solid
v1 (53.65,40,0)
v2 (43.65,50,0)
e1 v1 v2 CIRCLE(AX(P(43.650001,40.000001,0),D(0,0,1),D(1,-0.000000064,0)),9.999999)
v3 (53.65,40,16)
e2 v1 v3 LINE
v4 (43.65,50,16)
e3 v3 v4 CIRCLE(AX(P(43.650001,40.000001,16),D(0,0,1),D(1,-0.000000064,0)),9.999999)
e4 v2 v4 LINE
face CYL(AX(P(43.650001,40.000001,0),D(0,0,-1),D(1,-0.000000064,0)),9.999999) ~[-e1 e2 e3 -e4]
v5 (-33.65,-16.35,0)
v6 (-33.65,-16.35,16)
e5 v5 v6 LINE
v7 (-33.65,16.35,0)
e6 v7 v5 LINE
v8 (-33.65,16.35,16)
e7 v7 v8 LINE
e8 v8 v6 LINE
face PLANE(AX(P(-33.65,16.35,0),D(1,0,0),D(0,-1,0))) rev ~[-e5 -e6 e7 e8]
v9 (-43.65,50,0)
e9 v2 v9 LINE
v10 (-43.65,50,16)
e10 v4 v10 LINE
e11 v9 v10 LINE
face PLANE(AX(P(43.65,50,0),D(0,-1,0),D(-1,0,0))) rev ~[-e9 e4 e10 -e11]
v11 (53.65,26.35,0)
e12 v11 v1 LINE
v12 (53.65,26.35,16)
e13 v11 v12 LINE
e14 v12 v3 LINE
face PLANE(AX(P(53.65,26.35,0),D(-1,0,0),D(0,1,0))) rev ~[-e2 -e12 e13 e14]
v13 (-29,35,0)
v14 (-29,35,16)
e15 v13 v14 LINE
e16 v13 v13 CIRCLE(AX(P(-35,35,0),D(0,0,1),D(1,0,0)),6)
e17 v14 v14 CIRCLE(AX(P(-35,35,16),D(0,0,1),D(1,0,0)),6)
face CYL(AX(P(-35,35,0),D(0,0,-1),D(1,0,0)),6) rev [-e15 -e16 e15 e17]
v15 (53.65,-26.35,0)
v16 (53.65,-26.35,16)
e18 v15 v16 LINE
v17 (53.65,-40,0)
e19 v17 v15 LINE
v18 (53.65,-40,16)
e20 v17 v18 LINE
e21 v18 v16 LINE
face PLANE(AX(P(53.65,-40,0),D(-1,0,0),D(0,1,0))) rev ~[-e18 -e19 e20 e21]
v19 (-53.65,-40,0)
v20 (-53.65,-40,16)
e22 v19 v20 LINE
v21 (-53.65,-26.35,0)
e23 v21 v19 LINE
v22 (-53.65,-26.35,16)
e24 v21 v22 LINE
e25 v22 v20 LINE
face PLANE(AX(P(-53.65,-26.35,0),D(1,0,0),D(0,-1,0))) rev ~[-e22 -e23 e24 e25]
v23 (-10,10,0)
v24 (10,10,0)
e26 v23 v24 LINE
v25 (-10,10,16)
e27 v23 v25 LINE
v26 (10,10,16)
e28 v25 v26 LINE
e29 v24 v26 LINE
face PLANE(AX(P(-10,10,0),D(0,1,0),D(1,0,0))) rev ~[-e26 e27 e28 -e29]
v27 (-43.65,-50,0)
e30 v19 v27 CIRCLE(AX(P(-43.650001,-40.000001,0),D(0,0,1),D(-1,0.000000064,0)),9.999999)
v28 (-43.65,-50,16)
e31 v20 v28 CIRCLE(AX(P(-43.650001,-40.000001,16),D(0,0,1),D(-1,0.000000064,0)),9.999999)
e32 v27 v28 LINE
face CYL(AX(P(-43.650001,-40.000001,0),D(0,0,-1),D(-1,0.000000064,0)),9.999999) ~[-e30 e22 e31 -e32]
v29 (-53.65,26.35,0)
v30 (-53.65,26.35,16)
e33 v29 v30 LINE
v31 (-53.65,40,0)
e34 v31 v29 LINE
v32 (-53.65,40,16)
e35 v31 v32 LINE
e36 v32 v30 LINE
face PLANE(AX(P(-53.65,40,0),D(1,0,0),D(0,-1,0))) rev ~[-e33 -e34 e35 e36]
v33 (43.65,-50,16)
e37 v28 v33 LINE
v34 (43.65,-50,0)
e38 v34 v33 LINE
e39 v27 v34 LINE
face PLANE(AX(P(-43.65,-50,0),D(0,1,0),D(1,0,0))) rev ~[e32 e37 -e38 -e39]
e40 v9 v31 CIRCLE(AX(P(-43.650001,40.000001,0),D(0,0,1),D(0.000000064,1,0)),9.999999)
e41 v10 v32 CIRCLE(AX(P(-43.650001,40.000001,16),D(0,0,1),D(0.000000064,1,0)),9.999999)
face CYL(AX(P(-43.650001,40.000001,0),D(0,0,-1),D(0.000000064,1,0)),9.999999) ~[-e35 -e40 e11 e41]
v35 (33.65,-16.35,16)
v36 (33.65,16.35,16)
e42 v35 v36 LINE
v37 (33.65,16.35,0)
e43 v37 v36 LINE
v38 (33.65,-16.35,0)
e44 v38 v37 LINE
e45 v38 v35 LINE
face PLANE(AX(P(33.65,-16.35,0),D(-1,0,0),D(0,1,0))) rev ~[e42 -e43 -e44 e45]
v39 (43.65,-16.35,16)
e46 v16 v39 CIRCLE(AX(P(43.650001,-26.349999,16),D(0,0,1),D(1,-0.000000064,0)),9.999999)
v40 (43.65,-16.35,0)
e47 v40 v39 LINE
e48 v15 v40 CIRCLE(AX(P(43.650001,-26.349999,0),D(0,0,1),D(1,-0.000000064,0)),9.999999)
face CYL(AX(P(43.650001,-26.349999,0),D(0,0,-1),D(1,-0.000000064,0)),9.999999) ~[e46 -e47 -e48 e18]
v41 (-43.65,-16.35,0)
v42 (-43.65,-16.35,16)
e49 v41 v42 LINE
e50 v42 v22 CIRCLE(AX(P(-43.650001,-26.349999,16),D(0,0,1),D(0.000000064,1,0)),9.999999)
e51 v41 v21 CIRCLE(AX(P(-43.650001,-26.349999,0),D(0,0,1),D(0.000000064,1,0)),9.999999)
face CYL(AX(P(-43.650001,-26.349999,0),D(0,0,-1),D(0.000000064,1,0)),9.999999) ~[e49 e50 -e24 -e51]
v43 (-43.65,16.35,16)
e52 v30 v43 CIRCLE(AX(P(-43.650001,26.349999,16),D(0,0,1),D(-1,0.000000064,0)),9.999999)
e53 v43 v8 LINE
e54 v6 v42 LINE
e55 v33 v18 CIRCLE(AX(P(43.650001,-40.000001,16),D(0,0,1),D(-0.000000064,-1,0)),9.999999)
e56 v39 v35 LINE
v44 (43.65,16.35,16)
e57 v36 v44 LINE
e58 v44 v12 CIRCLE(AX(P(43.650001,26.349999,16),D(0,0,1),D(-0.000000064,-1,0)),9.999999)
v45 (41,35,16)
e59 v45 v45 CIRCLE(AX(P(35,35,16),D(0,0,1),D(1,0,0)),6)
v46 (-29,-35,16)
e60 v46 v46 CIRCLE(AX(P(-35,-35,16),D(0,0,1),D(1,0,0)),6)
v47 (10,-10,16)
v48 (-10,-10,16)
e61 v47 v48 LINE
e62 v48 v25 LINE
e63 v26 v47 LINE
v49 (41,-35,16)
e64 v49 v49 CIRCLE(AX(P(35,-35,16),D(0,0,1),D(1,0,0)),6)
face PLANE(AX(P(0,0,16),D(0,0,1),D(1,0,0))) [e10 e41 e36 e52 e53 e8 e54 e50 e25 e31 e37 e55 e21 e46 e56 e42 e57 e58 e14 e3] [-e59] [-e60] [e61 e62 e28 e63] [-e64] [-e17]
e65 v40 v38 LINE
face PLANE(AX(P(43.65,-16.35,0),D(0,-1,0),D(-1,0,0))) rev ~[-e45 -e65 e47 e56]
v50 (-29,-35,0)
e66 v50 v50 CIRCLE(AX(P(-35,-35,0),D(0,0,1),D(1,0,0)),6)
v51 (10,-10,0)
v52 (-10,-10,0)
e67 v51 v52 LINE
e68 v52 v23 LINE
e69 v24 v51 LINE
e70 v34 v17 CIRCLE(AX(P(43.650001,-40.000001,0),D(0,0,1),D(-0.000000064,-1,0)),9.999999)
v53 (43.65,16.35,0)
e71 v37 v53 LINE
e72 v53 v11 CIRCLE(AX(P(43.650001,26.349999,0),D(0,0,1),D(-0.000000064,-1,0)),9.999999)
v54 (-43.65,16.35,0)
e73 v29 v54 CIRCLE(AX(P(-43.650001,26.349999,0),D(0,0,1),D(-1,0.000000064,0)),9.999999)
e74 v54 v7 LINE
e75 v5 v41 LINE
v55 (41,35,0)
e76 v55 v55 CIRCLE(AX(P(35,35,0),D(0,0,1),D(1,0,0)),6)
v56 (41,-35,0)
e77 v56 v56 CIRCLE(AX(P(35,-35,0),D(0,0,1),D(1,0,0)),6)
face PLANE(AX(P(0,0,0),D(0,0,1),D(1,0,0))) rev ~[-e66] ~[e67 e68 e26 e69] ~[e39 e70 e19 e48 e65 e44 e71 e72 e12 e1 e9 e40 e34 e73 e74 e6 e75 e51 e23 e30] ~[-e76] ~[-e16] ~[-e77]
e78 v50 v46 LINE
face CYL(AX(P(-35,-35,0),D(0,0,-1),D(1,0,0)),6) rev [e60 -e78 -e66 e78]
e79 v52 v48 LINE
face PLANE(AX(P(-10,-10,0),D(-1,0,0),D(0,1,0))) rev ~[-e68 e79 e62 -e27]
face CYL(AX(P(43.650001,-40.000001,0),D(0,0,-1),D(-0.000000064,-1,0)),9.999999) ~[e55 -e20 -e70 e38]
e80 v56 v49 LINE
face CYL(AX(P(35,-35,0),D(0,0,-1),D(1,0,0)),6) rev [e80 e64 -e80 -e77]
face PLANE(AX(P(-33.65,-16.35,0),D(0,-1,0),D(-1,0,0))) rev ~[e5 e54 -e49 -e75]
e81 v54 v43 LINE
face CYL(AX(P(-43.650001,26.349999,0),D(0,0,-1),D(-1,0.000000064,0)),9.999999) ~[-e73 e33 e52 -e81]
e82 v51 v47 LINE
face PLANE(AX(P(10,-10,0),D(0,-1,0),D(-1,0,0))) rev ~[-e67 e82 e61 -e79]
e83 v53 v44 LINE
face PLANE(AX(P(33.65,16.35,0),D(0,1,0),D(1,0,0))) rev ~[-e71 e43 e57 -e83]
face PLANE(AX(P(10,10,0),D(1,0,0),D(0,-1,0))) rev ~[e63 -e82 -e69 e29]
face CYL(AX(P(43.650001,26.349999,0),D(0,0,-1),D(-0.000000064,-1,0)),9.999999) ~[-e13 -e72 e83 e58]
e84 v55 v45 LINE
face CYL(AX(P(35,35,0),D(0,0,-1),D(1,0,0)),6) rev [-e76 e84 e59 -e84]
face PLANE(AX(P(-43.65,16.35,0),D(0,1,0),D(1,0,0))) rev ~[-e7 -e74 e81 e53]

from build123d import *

# Parameters (mm, degrees)
F0_R     = 6
F1_DEPTH = 16


with BuildPart() as f1:
    # F0 (on Top) → F1 (new body)
    with BuildSketch(Plane.XY):
        with BuildLine():
            Line((-33.65, 3.65), (-33.65, -3.65))
            Line((-33.65, -3.65), (-33.65, -16.35))
            Line((-33.65, -16.35), (-43.65, -16.35))
            ThreePointArc((-43.65, -16.35), (-50.721068, -19.278932), (-53.65, -26.35))
            Line((-53.65, -26.35), (-53.65, -40))
            ThreePointArc((-53.65, -40), (-50.721068, -47.071068), (-43.65, -50))
            Line((-43.65, -50), (0, -50))
            Line((0, -50), (43.65, -50))
            ThreePointArc((43.65, -50), (50.721068, -47.071068), (53.65, -40))
            Line((53.65, -40), (53.65, -26.35))
            ThreePointArc((53.65, -26.35), (50.721068, -19.278932), (43.65, -16.35))
            Line((43.65, -16.35), (33.65, -16.35))
            Line((33.65, -16.35), (33.65, -3.65))
            Line((33.65, -3.65), (33.65, 3.65))
            Line((33.65, 3.65), (33.65, 16.35))
            Line((33.65, 16.35), (43.65, 16.35))
            ThreePointArc((43.65, 16.35), (50.721068, 19.278932), (53.65, 26.35))
            Line((53.65, 26.35), (53.65, 40))
            ThreePointArc((53.65, 40), (50.721068, 47.071068), (43.65, 50))
            Line((43.65, 50), (0, 50))
            Line((0, 50), (-43.65, 50))
            ThreePointArc((-43.65, 50), (-50.721068, 47.071068), (-53.65, 40))
            Line((-53.65, 40), (-53.65, 26.35))
            ThreePointArc((-53.65, 26.35), (-50.721068, 19.278932), (-43.65, 16.35))
            Line((-43.65, 16.35), (-33.65, 16.35))
            Line((-33.65, 16.35), (-33.65, 3.65))
        make_face()
        with Locations((-35, -35)):
            Circle(F0_R, mode=Mode.SUBTRACT)
        with Locations((35, -35)):
            Circle(F0_R, mode=Mode.SUBTRACT)
        with Locations((-35, 35)):
            Circle(F0_R, mode=Mode.SUBTRACT)
        Polygon((-10, -10), (-10, 0), (-10, 10), (0, 10), (10, 10), (10, 0), (10, -10), (0, -10), align=None, mode=Mode.SUBTRACT)
        with Locations((35, 35)):
            Circle(F0_R, mode=Mode.SUBTRACT)
    extrude(amount=F1_DEPTH)


solid = f1.part
